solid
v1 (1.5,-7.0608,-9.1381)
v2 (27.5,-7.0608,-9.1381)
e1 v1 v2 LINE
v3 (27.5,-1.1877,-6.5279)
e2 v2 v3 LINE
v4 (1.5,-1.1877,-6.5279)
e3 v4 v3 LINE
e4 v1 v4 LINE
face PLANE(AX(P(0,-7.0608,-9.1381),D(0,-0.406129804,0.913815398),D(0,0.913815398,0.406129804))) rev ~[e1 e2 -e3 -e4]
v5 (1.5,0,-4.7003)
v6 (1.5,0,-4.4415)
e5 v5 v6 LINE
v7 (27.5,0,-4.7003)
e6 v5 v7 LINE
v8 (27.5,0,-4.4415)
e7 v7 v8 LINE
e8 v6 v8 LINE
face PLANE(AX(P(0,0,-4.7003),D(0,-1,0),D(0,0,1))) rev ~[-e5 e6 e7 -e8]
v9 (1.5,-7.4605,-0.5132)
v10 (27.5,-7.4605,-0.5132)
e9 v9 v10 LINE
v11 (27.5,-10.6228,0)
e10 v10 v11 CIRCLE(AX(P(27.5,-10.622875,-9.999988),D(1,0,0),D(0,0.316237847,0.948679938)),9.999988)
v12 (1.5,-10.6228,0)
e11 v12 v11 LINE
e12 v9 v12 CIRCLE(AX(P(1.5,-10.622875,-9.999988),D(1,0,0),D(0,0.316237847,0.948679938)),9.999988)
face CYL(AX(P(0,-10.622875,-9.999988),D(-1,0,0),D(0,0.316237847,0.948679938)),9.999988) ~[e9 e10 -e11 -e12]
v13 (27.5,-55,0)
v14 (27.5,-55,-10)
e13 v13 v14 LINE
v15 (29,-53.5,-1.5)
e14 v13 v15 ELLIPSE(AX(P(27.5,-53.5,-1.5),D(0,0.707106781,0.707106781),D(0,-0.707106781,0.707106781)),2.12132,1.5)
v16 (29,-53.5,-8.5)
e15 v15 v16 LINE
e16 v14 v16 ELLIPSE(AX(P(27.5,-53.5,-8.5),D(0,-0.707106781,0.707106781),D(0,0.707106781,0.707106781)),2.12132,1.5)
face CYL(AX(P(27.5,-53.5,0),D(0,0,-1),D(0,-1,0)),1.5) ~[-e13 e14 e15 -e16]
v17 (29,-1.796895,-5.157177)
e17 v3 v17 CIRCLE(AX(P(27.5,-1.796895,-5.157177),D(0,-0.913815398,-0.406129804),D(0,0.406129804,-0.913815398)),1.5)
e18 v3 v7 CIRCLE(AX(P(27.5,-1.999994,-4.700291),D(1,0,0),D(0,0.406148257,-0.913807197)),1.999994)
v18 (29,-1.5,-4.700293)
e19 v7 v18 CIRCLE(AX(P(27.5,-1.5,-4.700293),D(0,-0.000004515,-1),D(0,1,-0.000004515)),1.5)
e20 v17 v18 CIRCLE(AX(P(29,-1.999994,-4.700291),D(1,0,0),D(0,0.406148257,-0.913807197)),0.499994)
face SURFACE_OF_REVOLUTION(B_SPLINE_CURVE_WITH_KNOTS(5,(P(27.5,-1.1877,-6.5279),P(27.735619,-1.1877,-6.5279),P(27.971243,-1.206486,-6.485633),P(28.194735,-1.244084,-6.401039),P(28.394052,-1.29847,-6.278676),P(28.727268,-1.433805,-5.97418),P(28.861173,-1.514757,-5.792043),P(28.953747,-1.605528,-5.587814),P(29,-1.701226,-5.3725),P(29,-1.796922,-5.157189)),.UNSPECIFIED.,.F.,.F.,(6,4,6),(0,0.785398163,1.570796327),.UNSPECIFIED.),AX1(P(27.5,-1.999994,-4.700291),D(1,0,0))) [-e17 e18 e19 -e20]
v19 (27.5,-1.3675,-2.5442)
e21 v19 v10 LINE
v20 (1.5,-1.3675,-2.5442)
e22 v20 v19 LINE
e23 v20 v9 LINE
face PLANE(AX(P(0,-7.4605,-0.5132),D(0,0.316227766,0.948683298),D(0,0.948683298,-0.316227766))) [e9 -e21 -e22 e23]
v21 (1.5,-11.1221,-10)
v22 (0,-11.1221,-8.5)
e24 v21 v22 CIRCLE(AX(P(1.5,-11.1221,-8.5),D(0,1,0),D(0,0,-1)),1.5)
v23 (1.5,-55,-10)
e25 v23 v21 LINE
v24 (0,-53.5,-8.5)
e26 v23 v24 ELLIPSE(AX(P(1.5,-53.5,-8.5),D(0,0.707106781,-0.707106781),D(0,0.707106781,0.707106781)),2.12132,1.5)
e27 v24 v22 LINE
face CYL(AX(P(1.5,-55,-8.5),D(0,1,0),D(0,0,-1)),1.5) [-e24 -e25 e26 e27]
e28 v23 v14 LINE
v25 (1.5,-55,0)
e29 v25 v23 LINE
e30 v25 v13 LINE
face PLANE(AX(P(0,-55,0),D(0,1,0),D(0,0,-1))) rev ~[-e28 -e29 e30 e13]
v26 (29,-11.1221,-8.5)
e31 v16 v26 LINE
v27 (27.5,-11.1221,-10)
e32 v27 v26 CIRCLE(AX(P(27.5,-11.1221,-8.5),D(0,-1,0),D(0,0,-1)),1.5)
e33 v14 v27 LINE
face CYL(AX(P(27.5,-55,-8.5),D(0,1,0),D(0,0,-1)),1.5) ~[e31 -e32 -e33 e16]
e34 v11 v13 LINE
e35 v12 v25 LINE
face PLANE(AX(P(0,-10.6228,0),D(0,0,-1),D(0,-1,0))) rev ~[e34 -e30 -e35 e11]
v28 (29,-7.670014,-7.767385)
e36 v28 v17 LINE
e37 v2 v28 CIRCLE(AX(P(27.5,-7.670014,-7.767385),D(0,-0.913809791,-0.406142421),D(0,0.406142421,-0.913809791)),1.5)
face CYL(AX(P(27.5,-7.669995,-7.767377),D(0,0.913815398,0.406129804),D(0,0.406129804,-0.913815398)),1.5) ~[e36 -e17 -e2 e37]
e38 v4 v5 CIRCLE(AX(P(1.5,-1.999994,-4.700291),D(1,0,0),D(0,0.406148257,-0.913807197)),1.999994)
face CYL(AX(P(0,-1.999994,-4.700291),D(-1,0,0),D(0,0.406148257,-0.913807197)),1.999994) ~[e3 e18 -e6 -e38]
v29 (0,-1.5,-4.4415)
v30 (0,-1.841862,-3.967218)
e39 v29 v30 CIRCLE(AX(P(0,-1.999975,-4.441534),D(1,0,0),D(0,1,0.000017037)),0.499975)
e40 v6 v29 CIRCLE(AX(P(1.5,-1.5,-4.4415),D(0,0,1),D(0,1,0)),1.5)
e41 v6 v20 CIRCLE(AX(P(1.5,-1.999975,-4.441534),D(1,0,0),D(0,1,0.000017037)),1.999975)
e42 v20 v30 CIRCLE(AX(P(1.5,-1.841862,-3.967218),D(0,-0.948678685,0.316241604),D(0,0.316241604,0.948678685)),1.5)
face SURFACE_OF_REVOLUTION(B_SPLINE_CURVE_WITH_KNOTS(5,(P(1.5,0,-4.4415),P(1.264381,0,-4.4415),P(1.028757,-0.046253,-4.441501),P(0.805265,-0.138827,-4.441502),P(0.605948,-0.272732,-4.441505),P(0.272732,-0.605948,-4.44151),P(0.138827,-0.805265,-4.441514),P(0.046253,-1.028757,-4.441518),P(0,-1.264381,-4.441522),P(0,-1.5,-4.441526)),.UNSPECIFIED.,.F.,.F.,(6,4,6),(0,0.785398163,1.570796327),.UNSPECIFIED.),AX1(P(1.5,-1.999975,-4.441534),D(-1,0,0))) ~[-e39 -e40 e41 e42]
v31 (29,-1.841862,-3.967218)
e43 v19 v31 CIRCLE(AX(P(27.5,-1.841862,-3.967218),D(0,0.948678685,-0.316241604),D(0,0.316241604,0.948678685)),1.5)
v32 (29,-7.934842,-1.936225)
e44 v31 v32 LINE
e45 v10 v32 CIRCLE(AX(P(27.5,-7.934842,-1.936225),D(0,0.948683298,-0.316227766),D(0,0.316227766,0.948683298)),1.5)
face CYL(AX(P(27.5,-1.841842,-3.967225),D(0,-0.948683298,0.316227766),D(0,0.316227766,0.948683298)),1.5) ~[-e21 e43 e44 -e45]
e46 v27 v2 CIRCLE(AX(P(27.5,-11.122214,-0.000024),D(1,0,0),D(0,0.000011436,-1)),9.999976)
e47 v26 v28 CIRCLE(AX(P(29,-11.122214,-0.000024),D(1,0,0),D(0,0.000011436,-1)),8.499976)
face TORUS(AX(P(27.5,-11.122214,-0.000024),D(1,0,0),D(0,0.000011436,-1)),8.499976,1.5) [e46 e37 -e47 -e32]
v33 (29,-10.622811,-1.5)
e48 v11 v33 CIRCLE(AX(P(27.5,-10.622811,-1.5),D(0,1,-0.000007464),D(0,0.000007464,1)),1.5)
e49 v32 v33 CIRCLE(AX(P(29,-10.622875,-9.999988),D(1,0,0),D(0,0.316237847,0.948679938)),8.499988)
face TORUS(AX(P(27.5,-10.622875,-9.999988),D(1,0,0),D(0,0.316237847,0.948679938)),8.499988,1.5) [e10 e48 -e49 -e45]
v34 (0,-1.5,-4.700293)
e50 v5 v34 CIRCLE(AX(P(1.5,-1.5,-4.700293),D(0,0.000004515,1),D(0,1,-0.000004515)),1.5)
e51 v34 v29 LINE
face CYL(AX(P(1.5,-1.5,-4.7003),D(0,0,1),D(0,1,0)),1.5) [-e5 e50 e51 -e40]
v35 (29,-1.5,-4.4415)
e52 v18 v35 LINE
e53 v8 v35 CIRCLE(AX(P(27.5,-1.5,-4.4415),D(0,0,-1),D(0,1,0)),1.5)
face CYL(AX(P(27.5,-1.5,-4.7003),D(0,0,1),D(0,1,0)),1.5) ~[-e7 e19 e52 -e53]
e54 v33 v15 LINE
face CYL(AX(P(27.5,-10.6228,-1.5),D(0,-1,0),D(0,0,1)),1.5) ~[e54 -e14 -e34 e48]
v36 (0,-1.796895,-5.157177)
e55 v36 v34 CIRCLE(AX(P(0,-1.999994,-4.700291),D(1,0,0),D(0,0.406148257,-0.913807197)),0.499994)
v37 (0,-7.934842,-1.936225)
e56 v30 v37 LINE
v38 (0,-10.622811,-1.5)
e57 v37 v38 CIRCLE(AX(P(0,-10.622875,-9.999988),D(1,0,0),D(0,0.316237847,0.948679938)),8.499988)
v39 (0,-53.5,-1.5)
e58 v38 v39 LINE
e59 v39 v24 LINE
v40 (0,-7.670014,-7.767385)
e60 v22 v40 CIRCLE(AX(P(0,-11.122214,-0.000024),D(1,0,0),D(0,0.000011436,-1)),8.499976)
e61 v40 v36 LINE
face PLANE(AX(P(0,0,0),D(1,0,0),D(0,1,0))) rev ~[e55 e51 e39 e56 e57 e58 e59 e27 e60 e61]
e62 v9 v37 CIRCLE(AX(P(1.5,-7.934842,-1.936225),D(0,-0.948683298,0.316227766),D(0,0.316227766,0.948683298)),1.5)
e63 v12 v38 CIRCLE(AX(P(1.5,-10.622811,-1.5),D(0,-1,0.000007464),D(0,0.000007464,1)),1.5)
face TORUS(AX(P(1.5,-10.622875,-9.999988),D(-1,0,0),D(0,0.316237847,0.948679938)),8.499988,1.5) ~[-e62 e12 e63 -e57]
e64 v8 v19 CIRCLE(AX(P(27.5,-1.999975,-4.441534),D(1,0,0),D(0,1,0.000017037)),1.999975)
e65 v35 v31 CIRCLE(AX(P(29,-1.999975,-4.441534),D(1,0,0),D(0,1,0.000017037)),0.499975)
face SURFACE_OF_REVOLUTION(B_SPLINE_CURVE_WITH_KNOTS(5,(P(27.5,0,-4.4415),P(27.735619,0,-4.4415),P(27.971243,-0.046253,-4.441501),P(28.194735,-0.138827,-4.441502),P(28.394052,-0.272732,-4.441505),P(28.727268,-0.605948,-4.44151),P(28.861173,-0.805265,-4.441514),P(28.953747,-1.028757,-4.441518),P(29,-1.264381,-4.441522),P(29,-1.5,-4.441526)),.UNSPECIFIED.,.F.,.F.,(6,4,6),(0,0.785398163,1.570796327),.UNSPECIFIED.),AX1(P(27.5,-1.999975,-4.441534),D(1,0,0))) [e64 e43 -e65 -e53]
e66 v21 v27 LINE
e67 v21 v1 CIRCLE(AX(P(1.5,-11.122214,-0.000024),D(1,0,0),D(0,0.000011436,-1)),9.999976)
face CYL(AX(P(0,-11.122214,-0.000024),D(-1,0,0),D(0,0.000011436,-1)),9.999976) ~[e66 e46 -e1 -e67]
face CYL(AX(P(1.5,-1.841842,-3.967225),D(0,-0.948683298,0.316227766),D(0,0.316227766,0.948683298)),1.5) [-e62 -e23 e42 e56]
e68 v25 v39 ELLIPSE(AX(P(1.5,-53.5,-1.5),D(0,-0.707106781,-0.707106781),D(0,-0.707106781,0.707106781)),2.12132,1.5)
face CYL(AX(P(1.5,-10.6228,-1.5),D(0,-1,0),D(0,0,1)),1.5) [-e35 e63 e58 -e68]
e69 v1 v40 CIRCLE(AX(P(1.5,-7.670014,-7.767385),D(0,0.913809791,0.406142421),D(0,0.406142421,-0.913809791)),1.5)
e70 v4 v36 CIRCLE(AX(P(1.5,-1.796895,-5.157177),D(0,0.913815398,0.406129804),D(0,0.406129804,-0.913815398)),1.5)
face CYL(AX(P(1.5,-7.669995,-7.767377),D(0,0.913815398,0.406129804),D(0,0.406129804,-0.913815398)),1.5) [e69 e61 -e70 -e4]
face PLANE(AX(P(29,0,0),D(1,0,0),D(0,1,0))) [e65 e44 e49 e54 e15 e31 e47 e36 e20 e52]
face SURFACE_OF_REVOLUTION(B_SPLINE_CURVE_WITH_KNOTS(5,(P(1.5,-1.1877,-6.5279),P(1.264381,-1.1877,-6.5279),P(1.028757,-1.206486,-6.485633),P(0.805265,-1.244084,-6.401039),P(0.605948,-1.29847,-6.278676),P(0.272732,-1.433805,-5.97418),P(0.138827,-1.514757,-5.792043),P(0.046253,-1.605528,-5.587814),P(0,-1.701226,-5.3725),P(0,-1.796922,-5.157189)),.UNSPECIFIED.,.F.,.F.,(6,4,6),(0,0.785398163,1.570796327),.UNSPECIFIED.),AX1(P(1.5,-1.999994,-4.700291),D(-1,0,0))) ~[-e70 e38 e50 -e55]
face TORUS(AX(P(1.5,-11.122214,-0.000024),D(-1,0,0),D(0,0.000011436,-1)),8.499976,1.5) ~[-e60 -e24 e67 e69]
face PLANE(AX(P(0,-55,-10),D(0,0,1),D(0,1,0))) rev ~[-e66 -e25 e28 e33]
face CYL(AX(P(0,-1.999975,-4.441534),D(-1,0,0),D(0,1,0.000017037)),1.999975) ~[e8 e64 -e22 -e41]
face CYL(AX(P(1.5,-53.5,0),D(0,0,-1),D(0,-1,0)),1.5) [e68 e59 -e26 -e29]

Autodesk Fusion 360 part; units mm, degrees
sketch "Skizze1" plane through (0, 0, 0) normal (1, 0, 0) x (0, 1, 0)
  line L0 (-10.6228, 0) -> (-55, 0)
  line L1 (-55, 0) -> (-55, -10)
  line L2 (-55, -10) -> (-11.1221, -10)
  line L3 (0, -4.7003) -> (0, -4.4415)
  line L4 (-7.4605, -0.5132) -> (-1.3675, -2.5442)
  line L5 (-7.0608, -9.1381) -> (-1.1877, -6.5279)
  arc A0 (-7.4605, -0.5132) -> (-10.6228, 0) centre (-10.6228, -10) ccw
  arc A1 (-11.1221, -10) -> (-7.0608, -9.1381) centre (-11.1221, 0) ccw
  arc A2 (0, -4.4415) -> (-1.3675, -2.5442) centre (-2, -4.4415) ccw
  arc A3 (-1.1877, -6.5279) -> (0, -4.7003) centre (-2, -4.7003) ccw
  dimension "d1" = 10
  dimension "d2" = 55
  dimension "d4" = 10
  dimension "d5" = 10
  dimension "d6" = 2
  dimension "d7" = 2
extrude "Extrusion1" add sketch "Skizze1" along normal blind 29
fillet "Abrundung1" radius 1.5 10 edges at (29, -33.0611, -10) (29, -9.0462, -9.7822) (29, -4.1242, -7.833) (29, -0.323, -5.7901) (29, 0, -4.5709) (29, -0.3775, -3.2721) (29, -4.414, -1.5287) (29, -9.021, -0.1291) (29, -32.8114, 0) (29, -55, -5)
fillet "Abrundung1" radius 1.5 10 edges at (0, -33.0611, -10) (0, -9.0462, -9.7822) (0, -4.1242, -7.833) (0, -0.323, -5.7901) (0, 0, -4.5709) (0, -0.3775, -3.2721) (0, -4.414, -1.5287) (0, -9.021, -0.1291) (0, -32.8114, 0) (0, -55, -5)
